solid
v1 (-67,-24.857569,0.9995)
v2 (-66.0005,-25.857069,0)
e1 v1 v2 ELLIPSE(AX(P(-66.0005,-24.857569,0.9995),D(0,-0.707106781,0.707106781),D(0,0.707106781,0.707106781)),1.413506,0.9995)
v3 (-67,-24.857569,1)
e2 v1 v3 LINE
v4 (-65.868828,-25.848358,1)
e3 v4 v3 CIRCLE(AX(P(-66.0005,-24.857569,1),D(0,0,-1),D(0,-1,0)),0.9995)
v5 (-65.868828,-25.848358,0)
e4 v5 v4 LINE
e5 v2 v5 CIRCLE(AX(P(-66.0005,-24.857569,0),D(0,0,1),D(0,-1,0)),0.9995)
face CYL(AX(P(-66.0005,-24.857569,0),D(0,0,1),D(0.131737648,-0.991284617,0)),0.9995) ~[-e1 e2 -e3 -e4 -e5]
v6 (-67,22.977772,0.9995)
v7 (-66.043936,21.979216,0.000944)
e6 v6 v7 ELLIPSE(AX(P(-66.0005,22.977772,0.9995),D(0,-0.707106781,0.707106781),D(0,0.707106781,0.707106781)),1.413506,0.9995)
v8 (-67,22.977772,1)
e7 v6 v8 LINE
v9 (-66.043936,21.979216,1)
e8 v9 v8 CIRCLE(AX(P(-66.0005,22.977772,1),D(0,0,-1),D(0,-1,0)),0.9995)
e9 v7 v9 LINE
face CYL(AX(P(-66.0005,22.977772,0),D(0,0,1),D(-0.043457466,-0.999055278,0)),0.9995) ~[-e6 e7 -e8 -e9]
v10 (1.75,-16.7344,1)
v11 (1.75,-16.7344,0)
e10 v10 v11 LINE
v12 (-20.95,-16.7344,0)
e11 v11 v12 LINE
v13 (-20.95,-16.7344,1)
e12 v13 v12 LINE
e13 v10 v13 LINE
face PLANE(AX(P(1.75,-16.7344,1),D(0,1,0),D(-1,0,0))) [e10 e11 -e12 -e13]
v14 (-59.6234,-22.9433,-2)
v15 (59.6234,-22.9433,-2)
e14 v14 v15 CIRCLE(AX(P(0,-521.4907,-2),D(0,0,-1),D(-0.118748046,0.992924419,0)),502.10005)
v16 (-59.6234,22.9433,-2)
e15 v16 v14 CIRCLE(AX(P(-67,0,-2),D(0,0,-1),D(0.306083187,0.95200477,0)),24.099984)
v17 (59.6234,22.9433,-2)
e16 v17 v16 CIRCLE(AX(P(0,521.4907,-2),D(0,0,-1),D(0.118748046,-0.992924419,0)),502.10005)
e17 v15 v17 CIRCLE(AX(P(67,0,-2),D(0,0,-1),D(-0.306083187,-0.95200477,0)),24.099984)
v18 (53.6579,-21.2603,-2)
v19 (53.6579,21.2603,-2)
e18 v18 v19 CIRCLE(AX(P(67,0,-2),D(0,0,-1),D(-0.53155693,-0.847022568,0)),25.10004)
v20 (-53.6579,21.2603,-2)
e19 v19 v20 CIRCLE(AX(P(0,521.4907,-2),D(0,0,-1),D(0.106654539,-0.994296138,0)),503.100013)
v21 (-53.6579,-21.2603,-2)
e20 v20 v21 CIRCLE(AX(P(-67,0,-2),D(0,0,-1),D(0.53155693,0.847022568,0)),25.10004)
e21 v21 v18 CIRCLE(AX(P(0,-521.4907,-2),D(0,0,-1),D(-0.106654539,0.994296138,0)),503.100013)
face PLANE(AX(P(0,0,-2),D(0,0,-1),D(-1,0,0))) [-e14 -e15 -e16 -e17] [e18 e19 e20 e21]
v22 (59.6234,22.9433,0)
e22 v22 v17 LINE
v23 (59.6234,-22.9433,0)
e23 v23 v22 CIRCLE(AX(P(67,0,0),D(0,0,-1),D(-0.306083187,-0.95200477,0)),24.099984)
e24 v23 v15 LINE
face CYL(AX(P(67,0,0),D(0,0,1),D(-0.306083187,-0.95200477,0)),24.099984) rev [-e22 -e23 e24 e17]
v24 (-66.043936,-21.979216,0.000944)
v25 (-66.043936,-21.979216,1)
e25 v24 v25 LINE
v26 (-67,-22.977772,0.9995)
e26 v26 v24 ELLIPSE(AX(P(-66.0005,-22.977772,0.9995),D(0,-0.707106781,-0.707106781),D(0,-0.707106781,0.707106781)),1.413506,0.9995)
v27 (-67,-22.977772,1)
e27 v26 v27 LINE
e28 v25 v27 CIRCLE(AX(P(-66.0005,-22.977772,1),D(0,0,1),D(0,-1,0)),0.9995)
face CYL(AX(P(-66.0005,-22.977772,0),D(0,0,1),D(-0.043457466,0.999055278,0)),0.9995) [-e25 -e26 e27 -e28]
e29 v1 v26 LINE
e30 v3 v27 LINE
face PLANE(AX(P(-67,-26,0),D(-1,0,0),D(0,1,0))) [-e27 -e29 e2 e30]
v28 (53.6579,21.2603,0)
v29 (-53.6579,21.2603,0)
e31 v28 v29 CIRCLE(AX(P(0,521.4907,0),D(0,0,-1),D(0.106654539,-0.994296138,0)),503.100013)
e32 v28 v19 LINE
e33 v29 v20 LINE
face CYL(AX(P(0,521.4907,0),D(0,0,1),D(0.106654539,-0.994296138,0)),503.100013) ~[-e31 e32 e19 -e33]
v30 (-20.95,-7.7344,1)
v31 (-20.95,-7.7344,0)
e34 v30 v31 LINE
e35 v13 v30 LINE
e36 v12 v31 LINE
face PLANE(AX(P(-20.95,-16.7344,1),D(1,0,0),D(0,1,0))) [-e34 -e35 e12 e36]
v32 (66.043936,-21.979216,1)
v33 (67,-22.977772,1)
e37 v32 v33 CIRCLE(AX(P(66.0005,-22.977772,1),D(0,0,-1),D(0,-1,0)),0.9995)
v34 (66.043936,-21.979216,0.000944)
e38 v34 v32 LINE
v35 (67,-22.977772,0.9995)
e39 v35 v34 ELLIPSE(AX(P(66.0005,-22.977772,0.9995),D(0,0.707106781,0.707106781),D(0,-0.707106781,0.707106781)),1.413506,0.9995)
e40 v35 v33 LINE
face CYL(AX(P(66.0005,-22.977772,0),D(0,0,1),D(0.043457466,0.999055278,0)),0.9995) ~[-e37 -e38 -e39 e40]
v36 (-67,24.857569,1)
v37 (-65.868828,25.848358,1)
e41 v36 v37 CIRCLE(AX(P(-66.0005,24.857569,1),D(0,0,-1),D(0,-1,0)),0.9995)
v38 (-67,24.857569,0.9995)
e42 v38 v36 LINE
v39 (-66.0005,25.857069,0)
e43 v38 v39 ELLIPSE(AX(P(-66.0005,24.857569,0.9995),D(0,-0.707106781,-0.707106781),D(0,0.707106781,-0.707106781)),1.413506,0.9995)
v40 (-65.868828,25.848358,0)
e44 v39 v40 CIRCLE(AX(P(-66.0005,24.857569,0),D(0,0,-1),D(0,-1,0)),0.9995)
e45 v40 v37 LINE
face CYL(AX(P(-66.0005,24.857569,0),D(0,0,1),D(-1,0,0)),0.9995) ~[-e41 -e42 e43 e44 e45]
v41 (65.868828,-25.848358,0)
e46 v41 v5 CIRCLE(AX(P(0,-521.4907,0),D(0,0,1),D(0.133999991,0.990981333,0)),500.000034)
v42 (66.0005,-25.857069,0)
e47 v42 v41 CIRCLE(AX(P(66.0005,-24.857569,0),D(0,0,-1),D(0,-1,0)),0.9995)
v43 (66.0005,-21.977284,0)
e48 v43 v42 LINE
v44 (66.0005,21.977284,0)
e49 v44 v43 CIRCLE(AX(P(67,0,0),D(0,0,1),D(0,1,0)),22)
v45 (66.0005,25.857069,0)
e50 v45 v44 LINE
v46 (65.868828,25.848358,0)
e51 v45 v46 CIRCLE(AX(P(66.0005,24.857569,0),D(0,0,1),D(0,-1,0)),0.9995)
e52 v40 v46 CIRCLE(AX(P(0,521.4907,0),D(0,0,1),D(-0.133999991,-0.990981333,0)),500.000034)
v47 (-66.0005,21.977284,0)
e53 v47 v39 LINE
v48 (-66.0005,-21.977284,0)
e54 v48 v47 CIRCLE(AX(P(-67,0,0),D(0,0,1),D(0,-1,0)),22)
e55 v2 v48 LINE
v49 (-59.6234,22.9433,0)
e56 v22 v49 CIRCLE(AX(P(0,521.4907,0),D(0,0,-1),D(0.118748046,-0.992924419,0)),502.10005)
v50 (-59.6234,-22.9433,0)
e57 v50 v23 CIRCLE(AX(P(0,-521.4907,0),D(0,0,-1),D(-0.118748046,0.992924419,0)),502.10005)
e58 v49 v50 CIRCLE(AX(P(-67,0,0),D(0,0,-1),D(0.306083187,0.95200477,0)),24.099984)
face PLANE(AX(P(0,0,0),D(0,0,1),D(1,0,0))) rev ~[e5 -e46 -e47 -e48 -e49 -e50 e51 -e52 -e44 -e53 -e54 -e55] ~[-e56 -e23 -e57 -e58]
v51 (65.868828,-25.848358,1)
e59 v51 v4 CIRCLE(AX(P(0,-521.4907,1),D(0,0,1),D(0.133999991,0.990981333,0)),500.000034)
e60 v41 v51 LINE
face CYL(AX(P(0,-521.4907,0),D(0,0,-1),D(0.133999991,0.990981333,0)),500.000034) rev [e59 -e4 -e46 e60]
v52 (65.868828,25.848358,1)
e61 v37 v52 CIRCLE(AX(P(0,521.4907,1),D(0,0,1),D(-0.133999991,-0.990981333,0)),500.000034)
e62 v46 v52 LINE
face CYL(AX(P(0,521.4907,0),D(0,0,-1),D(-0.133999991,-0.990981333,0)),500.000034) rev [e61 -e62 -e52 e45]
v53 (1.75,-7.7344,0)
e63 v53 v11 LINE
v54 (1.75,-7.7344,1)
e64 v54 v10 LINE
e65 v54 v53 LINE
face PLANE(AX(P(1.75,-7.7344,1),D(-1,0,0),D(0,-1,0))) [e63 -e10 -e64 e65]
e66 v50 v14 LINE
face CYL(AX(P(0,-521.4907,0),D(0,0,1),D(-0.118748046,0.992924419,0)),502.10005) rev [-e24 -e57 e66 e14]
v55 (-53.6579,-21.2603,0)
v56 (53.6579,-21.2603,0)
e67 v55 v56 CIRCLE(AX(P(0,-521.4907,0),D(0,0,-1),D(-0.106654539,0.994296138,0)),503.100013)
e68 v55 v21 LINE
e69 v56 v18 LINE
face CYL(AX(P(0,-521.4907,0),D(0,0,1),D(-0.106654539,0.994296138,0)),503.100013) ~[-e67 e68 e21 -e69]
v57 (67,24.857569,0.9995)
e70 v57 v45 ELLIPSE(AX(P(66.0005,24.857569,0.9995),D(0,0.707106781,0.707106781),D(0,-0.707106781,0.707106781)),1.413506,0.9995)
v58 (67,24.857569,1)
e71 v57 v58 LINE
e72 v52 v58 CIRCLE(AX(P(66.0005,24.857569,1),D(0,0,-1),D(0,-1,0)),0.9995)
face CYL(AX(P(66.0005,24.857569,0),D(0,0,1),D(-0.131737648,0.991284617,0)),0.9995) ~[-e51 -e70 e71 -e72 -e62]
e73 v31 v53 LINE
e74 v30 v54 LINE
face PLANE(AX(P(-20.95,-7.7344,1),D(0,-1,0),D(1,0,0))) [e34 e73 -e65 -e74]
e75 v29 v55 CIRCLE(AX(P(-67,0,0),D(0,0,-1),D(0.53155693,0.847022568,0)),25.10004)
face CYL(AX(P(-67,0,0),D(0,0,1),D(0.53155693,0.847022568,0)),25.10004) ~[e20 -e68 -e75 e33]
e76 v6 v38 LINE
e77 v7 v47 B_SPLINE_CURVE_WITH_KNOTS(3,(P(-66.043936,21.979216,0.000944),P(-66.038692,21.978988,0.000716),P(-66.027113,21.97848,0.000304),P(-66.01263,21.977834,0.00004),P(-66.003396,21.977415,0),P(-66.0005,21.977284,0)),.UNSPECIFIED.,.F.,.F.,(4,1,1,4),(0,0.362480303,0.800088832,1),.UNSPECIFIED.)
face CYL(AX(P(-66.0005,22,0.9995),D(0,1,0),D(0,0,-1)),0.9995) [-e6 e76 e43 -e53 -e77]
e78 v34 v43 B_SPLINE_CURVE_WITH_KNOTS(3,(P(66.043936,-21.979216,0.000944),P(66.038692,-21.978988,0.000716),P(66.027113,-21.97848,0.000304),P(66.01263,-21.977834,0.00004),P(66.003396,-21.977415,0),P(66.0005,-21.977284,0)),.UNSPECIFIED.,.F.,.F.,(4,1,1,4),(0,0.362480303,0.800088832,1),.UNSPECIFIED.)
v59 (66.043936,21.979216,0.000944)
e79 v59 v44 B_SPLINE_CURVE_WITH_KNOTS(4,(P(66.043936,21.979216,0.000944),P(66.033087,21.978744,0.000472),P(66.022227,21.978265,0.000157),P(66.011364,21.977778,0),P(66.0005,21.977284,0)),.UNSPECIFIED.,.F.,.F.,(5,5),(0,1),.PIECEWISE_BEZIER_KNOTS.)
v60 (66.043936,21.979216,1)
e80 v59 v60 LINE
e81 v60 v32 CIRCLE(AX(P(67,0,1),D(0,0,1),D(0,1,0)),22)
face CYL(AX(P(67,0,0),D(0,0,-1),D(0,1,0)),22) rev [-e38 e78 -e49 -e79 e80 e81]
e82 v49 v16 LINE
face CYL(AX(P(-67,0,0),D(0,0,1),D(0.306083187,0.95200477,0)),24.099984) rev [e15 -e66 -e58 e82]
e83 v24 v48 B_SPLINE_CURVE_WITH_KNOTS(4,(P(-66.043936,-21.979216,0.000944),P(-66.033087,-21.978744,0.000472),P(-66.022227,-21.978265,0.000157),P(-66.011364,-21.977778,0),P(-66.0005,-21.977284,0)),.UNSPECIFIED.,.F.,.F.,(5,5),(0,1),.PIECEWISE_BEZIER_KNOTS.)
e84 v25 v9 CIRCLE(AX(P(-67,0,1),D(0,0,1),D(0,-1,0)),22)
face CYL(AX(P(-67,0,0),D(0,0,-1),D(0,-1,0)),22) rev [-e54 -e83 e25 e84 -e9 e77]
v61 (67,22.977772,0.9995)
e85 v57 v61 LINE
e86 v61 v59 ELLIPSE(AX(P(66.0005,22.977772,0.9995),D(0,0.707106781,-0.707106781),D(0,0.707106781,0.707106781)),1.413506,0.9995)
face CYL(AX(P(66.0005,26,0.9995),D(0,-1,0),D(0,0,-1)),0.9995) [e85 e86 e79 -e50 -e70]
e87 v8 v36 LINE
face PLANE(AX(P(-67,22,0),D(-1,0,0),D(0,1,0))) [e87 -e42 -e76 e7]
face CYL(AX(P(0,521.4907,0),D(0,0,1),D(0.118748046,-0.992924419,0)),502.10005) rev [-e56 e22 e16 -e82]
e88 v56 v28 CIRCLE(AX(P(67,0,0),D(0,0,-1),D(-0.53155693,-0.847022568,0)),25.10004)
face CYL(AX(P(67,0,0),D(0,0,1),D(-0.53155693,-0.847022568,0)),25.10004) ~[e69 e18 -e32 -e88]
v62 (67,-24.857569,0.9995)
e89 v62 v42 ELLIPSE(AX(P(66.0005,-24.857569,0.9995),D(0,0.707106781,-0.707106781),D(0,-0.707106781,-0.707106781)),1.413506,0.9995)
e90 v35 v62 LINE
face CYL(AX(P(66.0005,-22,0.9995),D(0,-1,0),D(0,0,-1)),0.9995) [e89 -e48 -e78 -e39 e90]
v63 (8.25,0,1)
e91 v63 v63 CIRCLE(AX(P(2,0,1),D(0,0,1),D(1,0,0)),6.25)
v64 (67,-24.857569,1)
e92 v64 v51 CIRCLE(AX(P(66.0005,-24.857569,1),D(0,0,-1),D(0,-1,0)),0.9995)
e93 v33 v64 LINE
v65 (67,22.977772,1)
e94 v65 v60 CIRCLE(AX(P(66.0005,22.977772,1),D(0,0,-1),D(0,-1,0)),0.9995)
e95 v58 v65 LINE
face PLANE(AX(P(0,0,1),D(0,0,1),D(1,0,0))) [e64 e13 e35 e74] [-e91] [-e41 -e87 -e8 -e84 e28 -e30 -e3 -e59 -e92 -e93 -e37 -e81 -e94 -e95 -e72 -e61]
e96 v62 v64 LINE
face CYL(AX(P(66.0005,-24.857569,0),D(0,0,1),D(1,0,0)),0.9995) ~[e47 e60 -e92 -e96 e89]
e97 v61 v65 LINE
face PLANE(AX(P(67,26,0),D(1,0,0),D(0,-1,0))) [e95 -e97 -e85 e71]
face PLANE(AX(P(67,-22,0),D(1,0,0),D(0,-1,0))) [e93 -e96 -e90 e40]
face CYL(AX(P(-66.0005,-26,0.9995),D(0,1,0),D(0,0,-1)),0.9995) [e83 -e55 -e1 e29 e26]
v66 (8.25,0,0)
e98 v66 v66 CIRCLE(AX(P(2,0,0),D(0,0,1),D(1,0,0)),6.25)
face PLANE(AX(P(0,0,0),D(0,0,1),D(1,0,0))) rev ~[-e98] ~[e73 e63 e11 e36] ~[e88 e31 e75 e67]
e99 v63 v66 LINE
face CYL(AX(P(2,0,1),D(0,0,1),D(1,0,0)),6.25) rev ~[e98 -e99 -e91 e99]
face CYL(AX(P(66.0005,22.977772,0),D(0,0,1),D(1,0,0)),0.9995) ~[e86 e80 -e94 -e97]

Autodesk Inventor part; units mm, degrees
ref_plane "YZ Plane" through (0, 0, 0) normal (1, 0, 0) x (0, 1, 0)
ref_plane "XZ Plane" through (0, 0, 0) normal (0, 1, 0) x (-1, 0, 0)
ref_plane "XY Plane" through (0, 0, 0) normal (0, 0, 1) x (1, 0, 0)
ref_plane "Work Plane1" through (0, 0, 0) normal (0, 0, 1) x (1, 0, 0)
sketch "Sketch1" plane through (0, 0, 0) normal (0, 0, 1) x (1, 0, 0)
  arc A0 (-60.8058, -23.1869) -> (-60.8058, 23.1869) centre (-67, 0) ccw projected
  arc A1 (-60.8058, 23.1869) -> (60.8058, 23.1869) centre (0, 521.4907) ccw projected
  arc A2 (60.8058, 23.1869) -> (60.8058, -23.1869) centre (67, 0) ccw projected
  arc A3 (60.8058, -23.1869) -> (-60.8058, -23.1869) centre (0, -521.4907) ccw projected
  arc A4 (-67, -22) -> (-67, 22) centre (-67, 0) ccw projected
  line L0 (-67, -26) -> (-67, -22) projected
  arc A5 (67, -26) -> (-67, -26) centre (0, -521.4907) ccw projected
  line L1 (67, -22) -> (67, -26) projected
  arc A6 (67, 22) -> (67, -22) centre (67, 0) ccw projected
  line L2 (67, 26) -> (67, 22) projected
  arc A7 (-67, 26) -> (67, 26) centre (0, 521.4907) ccw projected
  line L3 (-67, 22) -> (-67, 26) projected
  point P0 (0, 0)
extrude "Extrusion1" add sketch "Sketch1" along normal blind 1 contours A0 A1 A2 A3 | A4 L3 A7 L2 A6 L1 A5 L0
fillet "Fillet1" radius 1 12 edges at (67, -26, 0.5) (67, -22, 0.5) (67, -24, 0) (67, 22, 0.5) (67, 26, 0.5) (67, 24, 0) (-67, -26, 0.5) (-67, -22, 0.5) (-67, -24, 0) (-67, 22, 0.5) (-67, 26, 0.5) (-67, 24, 0)
sketch "Sketch2" plane through (0, 0, 0) normal (0, 0, -1) x (-1, 0, 0)
  arc A0 (-60.8058, -23.1869) -> (-60.8058, 23.1869) centre (-67, 0) ccw projected
  arc A1 (60.8058, -23.1869) -> (-60.8058, -23.1869) centre (0, -521.4907) ccw projected
  arc A2 (-60.8058, 23.1869) -> (60.8058, 23.1869) centre (0, 521.4907) ccw projected
  arc A3 (60.8058, 23.1869) -> (60.8058, -23.1869) centre (67, 0) ccw projected
  arc A4 (-59.6234, 22.9433) -> (59.6234, 22.9433) centre (0, 521.4907) ccw
  arc A5 (-59.6234, -22.9433) -> (-59.6234, 22.9433) centre (-67, 0) ccw
  arc A6 (59.6234, -22.9433) -> (-59.6234, -22.9433) centre (0, -521.4907) ccw
  arc A7 (59.6234, 22.9433) -> (59.6234, -22.9433) centre (67, 0) ccw
  arc A8 (-53.6579, 21.2603) -> (53.6579, 21.2603) centre (0, 521.4907) ccw
  arc A9 (-53.6579, -21.2603) -> (-53.6579, 21.2603) centre (-67, 0) ccw
  arc A10 (53.6579, -21.2603) -> (-53.6579, -21.2603) centre (0, -521.4907) ccw
  arc A11 (53.6579, 21.2603) -> (53.6579, -21.2603) centre (67, 0) ccw
  point P0 (0, 0)
  dimension "d3" = 0.1
  dimension "d4" = 1
extrude "Extrusion2" add sketch "Sketch2" along normal blind 2 contours A4 A7 A6 A5
sketch "Sketch3" plane through (0, 0, 1) normal (0, 0, 1) x (1, 0, 0)
  circle A0 centre (2, 0) radius 6
  line L0 (-19.7, -8.9844) -> (0.5, -8.9844)
  line L1 (0.5, -8.9844) -> (0.5, -15.4844)
  line L2 (0.5, -15.4844) -> (-19.7, -15.4844)
  line L3 (-19.7, -15.4844) -> (-19.7, -8.9844)
  line L4 (-19.95, -15.7344) -> (0.75, -15.7344)
  line L5 (0.75, -15.7344) -> (0.75, -8.7344)
  line L6 (0.75, -8.7344) -> (-19.95, -8.7344)
  line L7 (-19.95, -8.7344) -> (-19.95, -15.7344)
  circle A1 centre (2, 0) radius 6.25
  line L8 (1.75, -16.7344) -> (-20.95, -16.7344)
  line L9 (-20.95, -16.7344) -> (-20.95, -7.7344)
  line L10 (-20.95, -7.7344) -> (1.75, -7.7344)
  line L11 (1.75, -7.7344) -> (1.75, -16.7344)
  point P0 (0, 0)
  dimension "d7" = 0.25
  dimension "d8" = 0.25
  dimension "d11" = 1
extrude "Extrusion3" cut sketch "Sketch3" against normal blind 1 contours A0 | L0 L1 L2 L3 | L7 L6 L5 L4 | A1 | L8 L9 L10 L11
properties part number "cap"
